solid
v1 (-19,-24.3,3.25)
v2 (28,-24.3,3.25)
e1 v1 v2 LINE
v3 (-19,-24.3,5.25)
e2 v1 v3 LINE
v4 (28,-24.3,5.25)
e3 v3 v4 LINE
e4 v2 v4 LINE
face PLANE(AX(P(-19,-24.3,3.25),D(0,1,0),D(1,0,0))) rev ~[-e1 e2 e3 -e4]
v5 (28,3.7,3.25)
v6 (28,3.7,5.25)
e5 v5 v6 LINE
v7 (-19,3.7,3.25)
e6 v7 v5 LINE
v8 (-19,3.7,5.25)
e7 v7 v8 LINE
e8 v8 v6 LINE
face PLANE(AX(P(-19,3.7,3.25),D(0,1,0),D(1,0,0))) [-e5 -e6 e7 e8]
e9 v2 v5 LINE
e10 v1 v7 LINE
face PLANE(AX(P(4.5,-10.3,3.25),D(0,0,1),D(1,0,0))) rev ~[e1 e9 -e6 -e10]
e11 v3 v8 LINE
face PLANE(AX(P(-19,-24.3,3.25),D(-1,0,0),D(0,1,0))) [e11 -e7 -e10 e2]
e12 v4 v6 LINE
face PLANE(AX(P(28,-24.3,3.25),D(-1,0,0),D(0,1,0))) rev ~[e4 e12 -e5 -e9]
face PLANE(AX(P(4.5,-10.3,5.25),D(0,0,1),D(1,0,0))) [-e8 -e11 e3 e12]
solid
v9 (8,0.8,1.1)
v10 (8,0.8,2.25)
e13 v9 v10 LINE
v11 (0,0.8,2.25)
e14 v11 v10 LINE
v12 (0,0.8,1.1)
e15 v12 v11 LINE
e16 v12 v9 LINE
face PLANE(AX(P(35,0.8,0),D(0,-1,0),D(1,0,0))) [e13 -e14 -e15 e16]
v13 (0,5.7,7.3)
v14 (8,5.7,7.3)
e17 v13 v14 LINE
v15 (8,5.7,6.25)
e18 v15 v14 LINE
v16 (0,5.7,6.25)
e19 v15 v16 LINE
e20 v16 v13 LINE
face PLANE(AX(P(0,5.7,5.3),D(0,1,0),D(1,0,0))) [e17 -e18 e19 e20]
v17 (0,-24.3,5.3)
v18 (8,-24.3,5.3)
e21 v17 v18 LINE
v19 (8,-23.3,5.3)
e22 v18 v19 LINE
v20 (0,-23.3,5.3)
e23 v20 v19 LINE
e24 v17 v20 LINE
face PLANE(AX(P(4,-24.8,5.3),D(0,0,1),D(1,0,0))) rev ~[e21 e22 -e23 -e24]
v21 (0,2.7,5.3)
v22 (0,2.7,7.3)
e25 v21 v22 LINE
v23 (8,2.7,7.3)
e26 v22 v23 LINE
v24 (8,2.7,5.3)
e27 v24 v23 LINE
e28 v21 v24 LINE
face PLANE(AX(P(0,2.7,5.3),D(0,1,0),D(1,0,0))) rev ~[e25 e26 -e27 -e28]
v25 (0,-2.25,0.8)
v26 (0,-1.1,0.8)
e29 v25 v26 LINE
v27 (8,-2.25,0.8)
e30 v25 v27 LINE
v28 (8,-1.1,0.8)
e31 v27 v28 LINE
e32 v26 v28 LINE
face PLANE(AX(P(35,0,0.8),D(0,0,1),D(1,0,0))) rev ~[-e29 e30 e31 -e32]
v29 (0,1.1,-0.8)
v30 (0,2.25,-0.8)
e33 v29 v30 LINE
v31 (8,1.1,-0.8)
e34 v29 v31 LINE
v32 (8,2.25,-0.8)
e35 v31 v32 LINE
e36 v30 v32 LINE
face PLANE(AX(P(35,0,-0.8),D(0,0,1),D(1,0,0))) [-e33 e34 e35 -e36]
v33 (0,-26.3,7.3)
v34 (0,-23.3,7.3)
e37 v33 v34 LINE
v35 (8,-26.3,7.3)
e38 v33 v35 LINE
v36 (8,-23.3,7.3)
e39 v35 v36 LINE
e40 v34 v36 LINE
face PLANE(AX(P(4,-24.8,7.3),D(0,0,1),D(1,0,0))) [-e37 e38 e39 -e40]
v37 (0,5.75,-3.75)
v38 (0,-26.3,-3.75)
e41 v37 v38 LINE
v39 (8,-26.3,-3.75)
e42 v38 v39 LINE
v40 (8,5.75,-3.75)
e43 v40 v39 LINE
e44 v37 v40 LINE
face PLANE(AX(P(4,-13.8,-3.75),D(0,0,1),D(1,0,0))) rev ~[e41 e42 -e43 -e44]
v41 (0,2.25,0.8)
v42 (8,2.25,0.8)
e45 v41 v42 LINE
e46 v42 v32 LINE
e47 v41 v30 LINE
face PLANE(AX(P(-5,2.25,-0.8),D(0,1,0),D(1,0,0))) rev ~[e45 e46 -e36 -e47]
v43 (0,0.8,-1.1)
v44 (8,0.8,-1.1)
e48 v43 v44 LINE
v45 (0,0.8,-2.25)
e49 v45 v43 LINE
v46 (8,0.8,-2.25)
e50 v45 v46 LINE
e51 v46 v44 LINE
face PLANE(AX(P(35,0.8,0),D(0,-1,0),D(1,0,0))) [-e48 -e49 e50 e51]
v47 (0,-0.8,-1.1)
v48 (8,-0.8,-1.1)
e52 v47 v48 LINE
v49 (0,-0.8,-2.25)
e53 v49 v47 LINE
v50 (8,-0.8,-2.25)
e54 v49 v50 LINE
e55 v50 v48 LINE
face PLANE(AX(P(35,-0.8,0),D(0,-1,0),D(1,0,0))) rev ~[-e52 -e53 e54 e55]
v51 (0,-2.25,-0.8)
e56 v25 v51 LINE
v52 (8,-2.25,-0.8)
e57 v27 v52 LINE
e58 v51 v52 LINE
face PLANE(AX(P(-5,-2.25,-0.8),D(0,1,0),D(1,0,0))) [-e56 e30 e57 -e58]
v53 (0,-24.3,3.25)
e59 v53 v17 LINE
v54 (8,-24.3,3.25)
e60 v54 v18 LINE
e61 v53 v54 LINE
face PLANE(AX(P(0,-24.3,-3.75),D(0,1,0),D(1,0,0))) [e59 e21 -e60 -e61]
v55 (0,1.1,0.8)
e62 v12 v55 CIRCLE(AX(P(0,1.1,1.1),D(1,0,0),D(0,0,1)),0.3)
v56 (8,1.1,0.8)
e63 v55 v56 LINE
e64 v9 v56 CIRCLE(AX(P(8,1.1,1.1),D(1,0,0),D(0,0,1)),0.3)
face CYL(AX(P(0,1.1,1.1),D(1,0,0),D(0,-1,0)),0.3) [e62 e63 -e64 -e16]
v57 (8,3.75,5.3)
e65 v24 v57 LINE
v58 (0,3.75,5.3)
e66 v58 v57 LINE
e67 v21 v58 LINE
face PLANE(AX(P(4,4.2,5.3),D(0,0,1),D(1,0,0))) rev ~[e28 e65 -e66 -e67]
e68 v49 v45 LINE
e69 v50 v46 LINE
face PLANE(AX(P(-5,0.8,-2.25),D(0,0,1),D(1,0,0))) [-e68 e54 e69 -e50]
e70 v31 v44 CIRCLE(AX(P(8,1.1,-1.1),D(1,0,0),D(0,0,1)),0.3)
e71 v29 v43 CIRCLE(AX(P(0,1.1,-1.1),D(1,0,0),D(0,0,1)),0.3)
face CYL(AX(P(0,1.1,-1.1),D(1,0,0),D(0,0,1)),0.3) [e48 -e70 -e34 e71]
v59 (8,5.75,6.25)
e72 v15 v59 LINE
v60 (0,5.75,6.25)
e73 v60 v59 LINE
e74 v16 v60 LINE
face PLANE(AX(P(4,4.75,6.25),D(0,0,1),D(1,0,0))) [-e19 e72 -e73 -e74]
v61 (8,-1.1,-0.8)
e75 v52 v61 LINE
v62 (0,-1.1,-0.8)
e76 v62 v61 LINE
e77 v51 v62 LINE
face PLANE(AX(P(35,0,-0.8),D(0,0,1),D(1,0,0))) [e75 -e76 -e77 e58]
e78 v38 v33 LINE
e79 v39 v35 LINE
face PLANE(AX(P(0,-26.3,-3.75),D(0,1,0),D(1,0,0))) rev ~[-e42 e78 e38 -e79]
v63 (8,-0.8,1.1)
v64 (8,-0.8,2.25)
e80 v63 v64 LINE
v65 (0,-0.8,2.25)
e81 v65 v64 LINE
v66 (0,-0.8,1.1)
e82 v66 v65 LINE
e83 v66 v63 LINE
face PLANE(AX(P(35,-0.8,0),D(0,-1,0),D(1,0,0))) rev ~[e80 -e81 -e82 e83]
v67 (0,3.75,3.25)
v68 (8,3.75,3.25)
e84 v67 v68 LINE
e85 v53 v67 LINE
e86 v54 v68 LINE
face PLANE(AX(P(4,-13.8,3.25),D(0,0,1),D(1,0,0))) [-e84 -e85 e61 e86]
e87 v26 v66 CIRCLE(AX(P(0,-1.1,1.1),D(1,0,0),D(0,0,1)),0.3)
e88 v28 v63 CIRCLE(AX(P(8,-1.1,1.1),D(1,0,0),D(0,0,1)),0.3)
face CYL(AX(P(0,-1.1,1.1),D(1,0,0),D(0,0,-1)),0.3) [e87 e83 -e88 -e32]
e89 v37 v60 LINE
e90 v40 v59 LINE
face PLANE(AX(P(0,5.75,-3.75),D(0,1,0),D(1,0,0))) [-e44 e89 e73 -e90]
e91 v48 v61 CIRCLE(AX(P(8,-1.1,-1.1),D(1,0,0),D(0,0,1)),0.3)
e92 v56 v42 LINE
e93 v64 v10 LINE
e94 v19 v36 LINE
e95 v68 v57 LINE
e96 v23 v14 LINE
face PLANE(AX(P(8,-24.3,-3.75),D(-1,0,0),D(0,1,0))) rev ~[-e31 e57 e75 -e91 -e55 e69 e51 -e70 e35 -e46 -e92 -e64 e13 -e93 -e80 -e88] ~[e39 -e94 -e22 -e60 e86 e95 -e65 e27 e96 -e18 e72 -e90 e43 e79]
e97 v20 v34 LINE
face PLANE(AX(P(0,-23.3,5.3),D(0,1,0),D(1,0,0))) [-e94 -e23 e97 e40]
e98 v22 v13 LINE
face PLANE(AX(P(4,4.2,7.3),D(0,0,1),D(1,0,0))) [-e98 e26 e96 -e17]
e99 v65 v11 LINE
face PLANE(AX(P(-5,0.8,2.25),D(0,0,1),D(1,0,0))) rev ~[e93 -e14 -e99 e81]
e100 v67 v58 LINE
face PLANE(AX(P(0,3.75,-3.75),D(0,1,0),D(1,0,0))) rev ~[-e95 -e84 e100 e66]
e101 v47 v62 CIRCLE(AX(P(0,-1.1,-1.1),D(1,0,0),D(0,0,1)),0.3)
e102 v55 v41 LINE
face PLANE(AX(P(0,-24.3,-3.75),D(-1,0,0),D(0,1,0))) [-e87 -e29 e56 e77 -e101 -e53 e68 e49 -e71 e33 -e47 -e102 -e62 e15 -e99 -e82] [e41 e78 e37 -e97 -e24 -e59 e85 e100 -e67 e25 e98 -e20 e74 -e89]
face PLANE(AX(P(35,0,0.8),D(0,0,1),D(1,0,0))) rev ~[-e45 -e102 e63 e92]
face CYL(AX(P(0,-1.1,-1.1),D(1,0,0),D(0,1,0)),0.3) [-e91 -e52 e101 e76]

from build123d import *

# Parameters (mm, degrees)
BOX004_W     = 47
BOX004_H     = 28
BOX004_DEPTH = 2
BOX005_W     = 8
BOX005_H     = 3
BOX005_DEPTH = 2
BOX001_W     = 80
BOX001_H     = 4.5
BOX001_DEPTH = 1.6
BOX_W        = 80
BOX_H        = 4.5
BOX_DEPTH    = 1.6
BOX002_W     = 8
BOX002_H     = 7.5
BOX002_DEPTH = 7
FILLET_R     = 0.3
BOX003_W     = 8
BOX003_H     = 2
BOX003_DEPTH = 10
BOX006_W     = 8
BOX006_H     = 21
BOX006_DEPTH = 7
BOX007_W     = 8
BOX007_H     = 3
BOX007_DEPTH = 2
BOX008_W     = 8
BOX008_H     = 2
BOX008_DEPTH = 10


with BuildPart() as bat:
    # Box004 → Box004 (new body)
    with BuildSketch(Plane(origin=(-19, -24.3, 3.25), x_dir=(1, 0, 0), z_dir=(0, 0, 1))):
        with Locations((23.5, 14)):
            Rectangle(BOX004_W, BOX004_H)
    extrude(amount=BOX004_DEPTH)


with BuildPart() as cube005:
    # Box005 → Box005 (new body)
    with BuildSketch(Plane(origin=(0, 2.7, 5.3), x_dir=(1, 0, 0), z_dir=(0, 0, 1))):
        with Locations((4, 1.5)):
            Rectangle(BOX005_W, BOX005_H)
    extrude(amount=BOX005_DEPTH)


with BuildPart() as cube001:
    # Box001 → Box001 (new body)
    with BuildSketch(Plane(origin=(0, 0.8, -2.25), x_dir=(1, 0, 0), z_dir=(0, -1, 0))):
        with Locations((40, 2.25)):
            Rectangle(BOX001_W, BOX001_H)
    extrude(amount=BOX001_DEPTH)


with BuildPart() as fusion:
    # Box → Box (new body)
    with BuildSketch(Plane(origin=(0, -2.25, -0.8), x_dir=(1, 0, 0), z_dir=(0, 0, 1))):
        with Locations((40, 2.25)):
            Rectangle(BOX_W, BOX_H)
    extrude(amount=BOX_DEPTH)

    # Fusion: union Cube001
    add(cube001.part)


with BuildPart() as fusion_1:
    # Fusion placement: moved
    add(fusion.part.moved(Location((-5, 0, 0))))


with BuildPart() as fillet_body:
    # Box002 → Box002 (new body)
    with BuildSketch(Plane(origin=(0, -3.75, -3.75), x_dir=(1, 0, 0), z_dir=(0, 0, 1))):
        with Locations((4, 3.75)):
            Rectangle(BOX002_W, BOX002_H)
    extrude(amount=BOX002_DEPTH)

    # Cut: cut Fusion
    add(fusion_1.part, mode=Mode.SUBTRACT)

    # Fillet
    fillet_edges = [fillet_body.edges().sort_by_distance(p)[0] for p in [
        (4, -0.8, 0.8),
        (4, -0.8, -0.8),
        (4, 0.8, -0.8),
        (4, 0.8, 0.8),
    ]]
    fillet(fillet_edges, radius=FILLET_R)


with BuildPart() as fusion001:
    # Box003 → Box003 (new body)
    with BuildSketch(Plane(origin=(0, 3.75, -3.75), x_dir=(1, 0, 0), z_dir=(0, 0, 1))):
        with Locations((4, 1)):
            Rectangle(BOX003_W, BOX003_H)
    extrude(amount=BOX003_DEPTH)

    # Fusion001: union Cube005, Fillet body
    add(cube005.part)
    add(fillet_body.part)


with BuildPart() as fusion002:
    # Box006 → Box006 (new body)
    with BuildSketch(Plane(origin=(0, -24.3, -3.75), x_dir=(1, 0, 0), z_dir=(0, 0, 1))):
        with Locations((4, 10.5)):
            Rectangle(BOX006_W, BOX006_H)
    extrude(amount=BOX006_DEPTH)

    # Fusion002: union Fusion001
    add(fusion001.part)


with BuildPart() as cube007:
    # Box007 → Box007 (new body)
    with BuildSketch(Plane(origin=(0, -26.3, 5.3), x_dir=(1, 0, 0), z_dir=(0, 0, 1))):
        with Locations((4, 1.5)):
            Rectangle(BOX007_W, BOX007_H)
    extrude(amount=BOX007_DEPTH)


with BuildPart() as fusion004:
    # Box008 → Box008 (new body)
    with BuildSketch(Plane(origin=(0, -26.3, -3.75), x_dir=(1, 0, 0), z_dir=(0, 0, 1))):
        with Locations((4, 1)):
            Rectangle(BOX008_W, BOX008_H)
    extrude(amount=BOX008_DEPTH)

    # Fusion003: union Cube007
    add(cube007.part)

    # Fusion004: union Fusion002
    add(fusion002.part)


solid = Compound([bat.part, fusion004.part])
